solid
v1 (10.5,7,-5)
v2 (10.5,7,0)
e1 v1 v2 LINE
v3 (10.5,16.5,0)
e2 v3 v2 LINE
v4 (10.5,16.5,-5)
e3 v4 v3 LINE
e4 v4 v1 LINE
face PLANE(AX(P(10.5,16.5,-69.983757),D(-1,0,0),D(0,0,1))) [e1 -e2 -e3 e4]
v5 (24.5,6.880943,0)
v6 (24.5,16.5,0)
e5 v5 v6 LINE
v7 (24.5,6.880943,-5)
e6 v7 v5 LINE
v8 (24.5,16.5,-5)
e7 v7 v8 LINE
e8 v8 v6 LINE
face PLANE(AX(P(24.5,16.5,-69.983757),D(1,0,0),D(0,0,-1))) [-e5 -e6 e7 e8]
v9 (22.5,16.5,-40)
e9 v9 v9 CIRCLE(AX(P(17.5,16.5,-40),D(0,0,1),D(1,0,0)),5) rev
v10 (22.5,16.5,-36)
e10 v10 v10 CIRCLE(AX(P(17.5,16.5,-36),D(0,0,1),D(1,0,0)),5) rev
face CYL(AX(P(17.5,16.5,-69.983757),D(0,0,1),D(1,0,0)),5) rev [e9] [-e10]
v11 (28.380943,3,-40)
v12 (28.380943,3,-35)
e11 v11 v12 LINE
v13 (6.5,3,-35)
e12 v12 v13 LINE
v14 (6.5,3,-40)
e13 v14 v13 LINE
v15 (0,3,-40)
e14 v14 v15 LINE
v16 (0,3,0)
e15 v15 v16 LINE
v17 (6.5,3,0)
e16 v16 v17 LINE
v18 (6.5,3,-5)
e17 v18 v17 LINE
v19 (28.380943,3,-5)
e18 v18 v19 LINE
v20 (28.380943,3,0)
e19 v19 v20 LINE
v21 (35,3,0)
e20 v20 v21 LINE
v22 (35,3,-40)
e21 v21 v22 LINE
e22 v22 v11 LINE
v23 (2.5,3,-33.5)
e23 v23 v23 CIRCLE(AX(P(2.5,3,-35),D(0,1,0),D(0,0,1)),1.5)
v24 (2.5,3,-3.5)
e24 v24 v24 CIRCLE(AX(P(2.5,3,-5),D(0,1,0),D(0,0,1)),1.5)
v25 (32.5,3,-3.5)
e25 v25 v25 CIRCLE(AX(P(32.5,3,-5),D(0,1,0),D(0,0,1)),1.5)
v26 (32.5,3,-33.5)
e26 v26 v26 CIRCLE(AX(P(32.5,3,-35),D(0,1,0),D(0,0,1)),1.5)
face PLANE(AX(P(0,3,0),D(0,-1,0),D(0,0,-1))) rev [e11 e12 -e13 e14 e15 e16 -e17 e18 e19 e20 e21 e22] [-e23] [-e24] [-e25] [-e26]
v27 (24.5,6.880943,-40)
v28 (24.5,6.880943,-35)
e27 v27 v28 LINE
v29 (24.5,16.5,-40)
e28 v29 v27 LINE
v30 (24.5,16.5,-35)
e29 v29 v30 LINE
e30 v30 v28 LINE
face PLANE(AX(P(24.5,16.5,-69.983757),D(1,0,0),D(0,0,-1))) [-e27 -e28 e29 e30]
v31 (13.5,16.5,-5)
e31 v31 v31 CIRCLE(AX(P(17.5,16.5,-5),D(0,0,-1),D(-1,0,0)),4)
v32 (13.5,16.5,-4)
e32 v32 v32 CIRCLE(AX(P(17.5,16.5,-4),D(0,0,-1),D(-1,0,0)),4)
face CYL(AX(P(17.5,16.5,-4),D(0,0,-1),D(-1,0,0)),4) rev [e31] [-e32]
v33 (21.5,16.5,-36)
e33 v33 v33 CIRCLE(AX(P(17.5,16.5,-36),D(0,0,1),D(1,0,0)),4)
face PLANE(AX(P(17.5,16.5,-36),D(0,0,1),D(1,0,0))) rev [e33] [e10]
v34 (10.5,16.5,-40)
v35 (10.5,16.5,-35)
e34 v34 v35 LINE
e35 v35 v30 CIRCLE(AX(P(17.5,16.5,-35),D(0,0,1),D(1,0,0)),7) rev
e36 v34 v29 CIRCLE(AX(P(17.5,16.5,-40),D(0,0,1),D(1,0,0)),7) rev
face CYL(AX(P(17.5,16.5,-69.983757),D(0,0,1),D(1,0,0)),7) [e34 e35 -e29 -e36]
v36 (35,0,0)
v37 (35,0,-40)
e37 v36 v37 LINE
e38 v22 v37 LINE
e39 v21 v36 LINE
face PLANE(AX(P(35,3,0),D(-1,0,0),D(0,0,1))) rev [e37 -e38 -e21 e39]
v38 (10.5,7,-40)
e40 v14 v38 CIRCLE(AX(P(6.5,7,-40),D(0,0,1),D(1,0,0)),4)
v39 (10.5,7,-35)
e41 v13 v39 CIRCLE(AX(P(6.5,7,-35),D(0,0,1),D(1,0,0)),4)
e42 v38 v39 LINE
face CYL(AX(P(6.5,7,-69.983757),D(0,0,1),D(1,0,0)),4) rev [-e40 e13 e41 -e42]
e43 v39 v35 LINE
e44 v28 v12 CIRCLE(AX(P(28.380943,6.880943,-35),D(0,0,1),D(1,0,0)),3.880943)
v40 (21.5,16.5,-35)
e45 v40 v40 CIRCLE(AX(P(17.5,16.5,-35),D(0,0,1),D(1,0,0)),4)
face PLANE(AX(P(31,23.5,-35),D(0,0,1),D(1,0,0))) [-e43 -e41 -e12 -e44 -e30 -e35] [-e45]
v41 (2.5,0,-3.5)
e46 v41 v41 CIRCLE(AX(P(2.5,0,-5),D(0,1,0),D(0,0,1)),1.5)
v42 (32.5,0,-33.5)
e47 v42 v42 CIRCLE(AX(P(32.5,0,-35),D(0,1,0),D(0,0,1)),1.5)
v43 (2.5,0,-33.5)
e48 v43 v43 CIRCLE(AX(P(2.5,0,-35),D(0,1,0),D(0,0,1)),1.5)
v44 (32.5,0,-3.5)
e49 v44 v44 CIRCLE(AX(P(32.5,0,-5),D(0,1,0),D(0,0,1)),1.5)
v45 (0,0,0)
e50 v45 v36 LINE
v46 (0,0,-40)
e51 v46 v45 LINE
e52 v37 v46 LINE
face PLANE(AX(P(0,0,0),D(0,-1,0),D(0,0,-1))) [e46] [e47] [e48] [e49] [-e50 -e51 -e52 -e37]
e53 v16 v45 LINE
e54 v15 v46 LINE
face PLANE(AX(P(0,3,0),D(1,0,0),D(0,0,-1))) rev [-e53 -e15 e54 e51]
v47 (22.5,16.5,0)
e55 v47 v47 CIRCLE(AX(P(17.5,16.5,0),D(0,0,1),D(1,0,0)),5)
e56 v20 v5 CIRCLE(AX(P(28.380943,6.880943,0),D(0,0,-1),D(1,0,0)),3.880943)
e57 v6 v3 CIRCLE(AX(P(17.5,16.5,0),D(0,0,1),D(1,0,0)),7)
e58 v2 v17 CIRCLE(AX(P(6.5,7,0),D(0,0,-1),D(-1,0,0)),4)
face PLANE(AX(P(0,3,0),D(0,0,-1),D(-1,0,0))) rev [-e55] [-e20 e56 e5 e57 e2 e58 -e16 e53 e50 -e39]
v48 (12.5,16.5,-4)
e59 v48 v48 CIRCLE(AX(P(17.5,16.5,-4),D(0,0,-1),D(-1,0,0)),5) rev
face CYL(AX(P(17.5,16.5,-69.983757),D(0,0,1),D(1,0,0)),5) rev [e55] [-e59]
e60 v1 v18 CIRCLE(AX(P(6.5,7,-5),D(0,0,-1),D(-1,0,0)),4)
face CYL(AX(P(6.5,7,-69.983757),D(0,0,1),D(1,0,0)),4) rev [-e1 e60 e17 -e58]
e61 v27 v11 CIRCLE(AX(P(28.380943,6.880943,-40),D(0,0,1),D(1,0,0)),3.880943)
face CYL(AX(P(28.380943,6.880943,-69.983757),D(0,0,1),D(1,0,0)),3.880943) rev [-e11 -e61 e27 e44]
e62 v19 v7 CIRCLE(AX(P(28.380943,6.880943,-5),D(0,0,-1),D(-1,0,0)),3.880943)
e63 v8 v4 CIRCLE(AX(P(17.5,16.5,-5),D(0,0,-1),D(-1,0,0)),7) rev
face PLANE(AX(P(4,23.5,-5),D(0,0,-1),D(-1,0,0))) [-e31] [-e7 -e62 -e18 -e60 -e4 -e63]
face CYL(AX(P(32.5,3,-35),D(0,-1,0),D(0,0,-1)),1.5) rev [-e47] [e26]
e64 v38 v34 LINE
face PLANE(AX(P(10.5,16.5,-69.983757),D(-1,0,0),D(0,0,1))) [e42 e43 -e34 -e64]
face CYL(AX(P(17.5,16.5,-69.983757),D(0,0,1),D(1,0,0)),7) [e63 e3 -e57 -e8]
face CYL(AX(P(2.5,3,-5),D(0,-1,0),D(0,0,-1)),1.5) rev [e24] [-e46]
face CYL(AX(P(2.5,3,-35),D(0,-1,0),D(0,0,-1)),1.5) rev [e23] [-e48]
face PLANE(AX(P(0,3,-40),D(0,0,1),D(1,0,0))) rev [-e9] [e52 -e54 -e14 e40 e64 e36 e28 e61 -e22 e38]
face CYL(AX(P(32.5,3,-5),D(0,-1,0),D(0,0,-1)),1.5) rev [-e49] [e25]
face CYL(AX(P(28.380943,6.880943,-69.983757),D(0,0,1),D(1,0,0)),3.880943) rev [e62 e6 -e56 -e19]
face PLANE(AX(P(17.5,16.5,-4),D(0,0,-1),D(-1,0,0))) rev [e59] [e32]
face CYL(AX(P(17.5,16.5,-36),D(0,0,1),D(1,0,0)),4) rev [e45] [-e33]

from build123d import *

# Parameters (mm, degrees)
CROQUIS1_W              = 35
CROQUIS1_H              = 40
CROQUIS1_R              = 1.5
SALIENTE_EXTRUIR1_DEPTH = 3
CROQUIS2_R              = 5
SALIENTE_EXTRUIR2_DEPTH = 40
CROQUIS3_W              = 27
CROQUIS3_H              = 30
CORTAR_EXTRUIR1_DEPTH   = 21.5
CROQUIS4_R              = 5
CROQUIS4_R_2            = 4
SALIENTE_EXTRUIR3_DEPTH = 1
CROQUIS5_R              = 5
CROQUIS5_R_2            = 4
SALIENTE_EXTRUIR4_DEPTH = 1


with BuildPart() as part:
    # Croquis1 → Saliente-Extruir1 (new body)
    with BuildSketch(Plane(origin=(0, 0, 0), x_dir=(1, 0, 0), z_dir=(0, 1, 0))):
        with Locations((17.5, 20)):
            Rectangle(CROQUIS1_W, CROQUIS1_H)
        with Locations((2.5, 35)):
            Circle(CROQUIS1_R, mode=Mode.SUBTRACT)
        with Locations((32.5, 35)):
            Circle(CROQUIS1_R, mode=Mode.SUBTRACT)
        with Locations((32.5, 5)):
            Circle(CROQUIS1_R, mode=Mode.SUBTRACT)
        with Locations((2.5, 5)):
            Circle(CROQUIS1_R, mode=Mode.SUBTRACT)
    extrude(amount=SALIENTE_EXTRUIR1_DEPTH)

    # Croquis2 → Saliente-Extruir2 (add)
    with BuildSketch(Plane.XY):
        with BuildLine():
            Line((24.5, 16.5), (24.5, 6.880942837))
            ThreePointArc((24.5, 6.880942837), (25.636701839, 4.136701839), (28.380942837, 3))
            Line((28.380942837, 3), (6.5, 3))
            ThreePointArc((6.5, 3), (9.328427125, 4.171572875), (10.5, 7))
            Line((10.5, 7), (10.5, 16.5))
            ThreePointArc((10.5, 16.5), (17.5, 23.5), (24.5, 16.5))
        make_face()
        with Locations((17.5, 16.5)):
            Circle(CROQUIS2_R, mode=Mode.SUBTRACT)
    extrude(amount=-SALIENTE_EXTRUIR2_DEPTH)

    # Croquis3 → Cortar-Extruir1 (cut, through all)
    with BuildSketch(Plane(origin=(0, 3, 0), x_dir=(1, 0, 0), z_dir=(0, 1, 0))):
        with Locations((17.5, 20)):
            Rectangle(CROQUIS3_W, CROQUIS3_H)
    extrude(amount=CORTAR_EXTRUIR1_DEPTH, mode=Mode.SUBTRACT)

    # Croquis4 → Saliente-Extruir3 (add)
    with BuildSketch(Plane.XY.offset(-35)):
        with Locations((17.5, 16.5)):
            Circle(CROQUIS4_R)
        with Locations((17.5, 16.5)):
            Circle(CROQUIS4_R_2, mode=Mode.SUBTRACT)
    extrude(amount=-SALIENTE_EXTRUIR3_DEPTH)

    # Croquis5 → Saliente-Extruir4 (add)
    with BuildSketch(Plane(origin=(0, 0, -5), x_dir=(-1, 0, 0), z_dir=(0, 0, -1))):
        with Locations((-17.5, 16.5)):
            Circle(CROQUIS5_R)
        with Locations((-17.5, 16.5)):
            Circle(CROQUIS5_R_2, mode=Mode.SUBTRACT)
    extrude(amount=-SALIENTE_EXTRUIR4_DEPTH)


solid = part.part
